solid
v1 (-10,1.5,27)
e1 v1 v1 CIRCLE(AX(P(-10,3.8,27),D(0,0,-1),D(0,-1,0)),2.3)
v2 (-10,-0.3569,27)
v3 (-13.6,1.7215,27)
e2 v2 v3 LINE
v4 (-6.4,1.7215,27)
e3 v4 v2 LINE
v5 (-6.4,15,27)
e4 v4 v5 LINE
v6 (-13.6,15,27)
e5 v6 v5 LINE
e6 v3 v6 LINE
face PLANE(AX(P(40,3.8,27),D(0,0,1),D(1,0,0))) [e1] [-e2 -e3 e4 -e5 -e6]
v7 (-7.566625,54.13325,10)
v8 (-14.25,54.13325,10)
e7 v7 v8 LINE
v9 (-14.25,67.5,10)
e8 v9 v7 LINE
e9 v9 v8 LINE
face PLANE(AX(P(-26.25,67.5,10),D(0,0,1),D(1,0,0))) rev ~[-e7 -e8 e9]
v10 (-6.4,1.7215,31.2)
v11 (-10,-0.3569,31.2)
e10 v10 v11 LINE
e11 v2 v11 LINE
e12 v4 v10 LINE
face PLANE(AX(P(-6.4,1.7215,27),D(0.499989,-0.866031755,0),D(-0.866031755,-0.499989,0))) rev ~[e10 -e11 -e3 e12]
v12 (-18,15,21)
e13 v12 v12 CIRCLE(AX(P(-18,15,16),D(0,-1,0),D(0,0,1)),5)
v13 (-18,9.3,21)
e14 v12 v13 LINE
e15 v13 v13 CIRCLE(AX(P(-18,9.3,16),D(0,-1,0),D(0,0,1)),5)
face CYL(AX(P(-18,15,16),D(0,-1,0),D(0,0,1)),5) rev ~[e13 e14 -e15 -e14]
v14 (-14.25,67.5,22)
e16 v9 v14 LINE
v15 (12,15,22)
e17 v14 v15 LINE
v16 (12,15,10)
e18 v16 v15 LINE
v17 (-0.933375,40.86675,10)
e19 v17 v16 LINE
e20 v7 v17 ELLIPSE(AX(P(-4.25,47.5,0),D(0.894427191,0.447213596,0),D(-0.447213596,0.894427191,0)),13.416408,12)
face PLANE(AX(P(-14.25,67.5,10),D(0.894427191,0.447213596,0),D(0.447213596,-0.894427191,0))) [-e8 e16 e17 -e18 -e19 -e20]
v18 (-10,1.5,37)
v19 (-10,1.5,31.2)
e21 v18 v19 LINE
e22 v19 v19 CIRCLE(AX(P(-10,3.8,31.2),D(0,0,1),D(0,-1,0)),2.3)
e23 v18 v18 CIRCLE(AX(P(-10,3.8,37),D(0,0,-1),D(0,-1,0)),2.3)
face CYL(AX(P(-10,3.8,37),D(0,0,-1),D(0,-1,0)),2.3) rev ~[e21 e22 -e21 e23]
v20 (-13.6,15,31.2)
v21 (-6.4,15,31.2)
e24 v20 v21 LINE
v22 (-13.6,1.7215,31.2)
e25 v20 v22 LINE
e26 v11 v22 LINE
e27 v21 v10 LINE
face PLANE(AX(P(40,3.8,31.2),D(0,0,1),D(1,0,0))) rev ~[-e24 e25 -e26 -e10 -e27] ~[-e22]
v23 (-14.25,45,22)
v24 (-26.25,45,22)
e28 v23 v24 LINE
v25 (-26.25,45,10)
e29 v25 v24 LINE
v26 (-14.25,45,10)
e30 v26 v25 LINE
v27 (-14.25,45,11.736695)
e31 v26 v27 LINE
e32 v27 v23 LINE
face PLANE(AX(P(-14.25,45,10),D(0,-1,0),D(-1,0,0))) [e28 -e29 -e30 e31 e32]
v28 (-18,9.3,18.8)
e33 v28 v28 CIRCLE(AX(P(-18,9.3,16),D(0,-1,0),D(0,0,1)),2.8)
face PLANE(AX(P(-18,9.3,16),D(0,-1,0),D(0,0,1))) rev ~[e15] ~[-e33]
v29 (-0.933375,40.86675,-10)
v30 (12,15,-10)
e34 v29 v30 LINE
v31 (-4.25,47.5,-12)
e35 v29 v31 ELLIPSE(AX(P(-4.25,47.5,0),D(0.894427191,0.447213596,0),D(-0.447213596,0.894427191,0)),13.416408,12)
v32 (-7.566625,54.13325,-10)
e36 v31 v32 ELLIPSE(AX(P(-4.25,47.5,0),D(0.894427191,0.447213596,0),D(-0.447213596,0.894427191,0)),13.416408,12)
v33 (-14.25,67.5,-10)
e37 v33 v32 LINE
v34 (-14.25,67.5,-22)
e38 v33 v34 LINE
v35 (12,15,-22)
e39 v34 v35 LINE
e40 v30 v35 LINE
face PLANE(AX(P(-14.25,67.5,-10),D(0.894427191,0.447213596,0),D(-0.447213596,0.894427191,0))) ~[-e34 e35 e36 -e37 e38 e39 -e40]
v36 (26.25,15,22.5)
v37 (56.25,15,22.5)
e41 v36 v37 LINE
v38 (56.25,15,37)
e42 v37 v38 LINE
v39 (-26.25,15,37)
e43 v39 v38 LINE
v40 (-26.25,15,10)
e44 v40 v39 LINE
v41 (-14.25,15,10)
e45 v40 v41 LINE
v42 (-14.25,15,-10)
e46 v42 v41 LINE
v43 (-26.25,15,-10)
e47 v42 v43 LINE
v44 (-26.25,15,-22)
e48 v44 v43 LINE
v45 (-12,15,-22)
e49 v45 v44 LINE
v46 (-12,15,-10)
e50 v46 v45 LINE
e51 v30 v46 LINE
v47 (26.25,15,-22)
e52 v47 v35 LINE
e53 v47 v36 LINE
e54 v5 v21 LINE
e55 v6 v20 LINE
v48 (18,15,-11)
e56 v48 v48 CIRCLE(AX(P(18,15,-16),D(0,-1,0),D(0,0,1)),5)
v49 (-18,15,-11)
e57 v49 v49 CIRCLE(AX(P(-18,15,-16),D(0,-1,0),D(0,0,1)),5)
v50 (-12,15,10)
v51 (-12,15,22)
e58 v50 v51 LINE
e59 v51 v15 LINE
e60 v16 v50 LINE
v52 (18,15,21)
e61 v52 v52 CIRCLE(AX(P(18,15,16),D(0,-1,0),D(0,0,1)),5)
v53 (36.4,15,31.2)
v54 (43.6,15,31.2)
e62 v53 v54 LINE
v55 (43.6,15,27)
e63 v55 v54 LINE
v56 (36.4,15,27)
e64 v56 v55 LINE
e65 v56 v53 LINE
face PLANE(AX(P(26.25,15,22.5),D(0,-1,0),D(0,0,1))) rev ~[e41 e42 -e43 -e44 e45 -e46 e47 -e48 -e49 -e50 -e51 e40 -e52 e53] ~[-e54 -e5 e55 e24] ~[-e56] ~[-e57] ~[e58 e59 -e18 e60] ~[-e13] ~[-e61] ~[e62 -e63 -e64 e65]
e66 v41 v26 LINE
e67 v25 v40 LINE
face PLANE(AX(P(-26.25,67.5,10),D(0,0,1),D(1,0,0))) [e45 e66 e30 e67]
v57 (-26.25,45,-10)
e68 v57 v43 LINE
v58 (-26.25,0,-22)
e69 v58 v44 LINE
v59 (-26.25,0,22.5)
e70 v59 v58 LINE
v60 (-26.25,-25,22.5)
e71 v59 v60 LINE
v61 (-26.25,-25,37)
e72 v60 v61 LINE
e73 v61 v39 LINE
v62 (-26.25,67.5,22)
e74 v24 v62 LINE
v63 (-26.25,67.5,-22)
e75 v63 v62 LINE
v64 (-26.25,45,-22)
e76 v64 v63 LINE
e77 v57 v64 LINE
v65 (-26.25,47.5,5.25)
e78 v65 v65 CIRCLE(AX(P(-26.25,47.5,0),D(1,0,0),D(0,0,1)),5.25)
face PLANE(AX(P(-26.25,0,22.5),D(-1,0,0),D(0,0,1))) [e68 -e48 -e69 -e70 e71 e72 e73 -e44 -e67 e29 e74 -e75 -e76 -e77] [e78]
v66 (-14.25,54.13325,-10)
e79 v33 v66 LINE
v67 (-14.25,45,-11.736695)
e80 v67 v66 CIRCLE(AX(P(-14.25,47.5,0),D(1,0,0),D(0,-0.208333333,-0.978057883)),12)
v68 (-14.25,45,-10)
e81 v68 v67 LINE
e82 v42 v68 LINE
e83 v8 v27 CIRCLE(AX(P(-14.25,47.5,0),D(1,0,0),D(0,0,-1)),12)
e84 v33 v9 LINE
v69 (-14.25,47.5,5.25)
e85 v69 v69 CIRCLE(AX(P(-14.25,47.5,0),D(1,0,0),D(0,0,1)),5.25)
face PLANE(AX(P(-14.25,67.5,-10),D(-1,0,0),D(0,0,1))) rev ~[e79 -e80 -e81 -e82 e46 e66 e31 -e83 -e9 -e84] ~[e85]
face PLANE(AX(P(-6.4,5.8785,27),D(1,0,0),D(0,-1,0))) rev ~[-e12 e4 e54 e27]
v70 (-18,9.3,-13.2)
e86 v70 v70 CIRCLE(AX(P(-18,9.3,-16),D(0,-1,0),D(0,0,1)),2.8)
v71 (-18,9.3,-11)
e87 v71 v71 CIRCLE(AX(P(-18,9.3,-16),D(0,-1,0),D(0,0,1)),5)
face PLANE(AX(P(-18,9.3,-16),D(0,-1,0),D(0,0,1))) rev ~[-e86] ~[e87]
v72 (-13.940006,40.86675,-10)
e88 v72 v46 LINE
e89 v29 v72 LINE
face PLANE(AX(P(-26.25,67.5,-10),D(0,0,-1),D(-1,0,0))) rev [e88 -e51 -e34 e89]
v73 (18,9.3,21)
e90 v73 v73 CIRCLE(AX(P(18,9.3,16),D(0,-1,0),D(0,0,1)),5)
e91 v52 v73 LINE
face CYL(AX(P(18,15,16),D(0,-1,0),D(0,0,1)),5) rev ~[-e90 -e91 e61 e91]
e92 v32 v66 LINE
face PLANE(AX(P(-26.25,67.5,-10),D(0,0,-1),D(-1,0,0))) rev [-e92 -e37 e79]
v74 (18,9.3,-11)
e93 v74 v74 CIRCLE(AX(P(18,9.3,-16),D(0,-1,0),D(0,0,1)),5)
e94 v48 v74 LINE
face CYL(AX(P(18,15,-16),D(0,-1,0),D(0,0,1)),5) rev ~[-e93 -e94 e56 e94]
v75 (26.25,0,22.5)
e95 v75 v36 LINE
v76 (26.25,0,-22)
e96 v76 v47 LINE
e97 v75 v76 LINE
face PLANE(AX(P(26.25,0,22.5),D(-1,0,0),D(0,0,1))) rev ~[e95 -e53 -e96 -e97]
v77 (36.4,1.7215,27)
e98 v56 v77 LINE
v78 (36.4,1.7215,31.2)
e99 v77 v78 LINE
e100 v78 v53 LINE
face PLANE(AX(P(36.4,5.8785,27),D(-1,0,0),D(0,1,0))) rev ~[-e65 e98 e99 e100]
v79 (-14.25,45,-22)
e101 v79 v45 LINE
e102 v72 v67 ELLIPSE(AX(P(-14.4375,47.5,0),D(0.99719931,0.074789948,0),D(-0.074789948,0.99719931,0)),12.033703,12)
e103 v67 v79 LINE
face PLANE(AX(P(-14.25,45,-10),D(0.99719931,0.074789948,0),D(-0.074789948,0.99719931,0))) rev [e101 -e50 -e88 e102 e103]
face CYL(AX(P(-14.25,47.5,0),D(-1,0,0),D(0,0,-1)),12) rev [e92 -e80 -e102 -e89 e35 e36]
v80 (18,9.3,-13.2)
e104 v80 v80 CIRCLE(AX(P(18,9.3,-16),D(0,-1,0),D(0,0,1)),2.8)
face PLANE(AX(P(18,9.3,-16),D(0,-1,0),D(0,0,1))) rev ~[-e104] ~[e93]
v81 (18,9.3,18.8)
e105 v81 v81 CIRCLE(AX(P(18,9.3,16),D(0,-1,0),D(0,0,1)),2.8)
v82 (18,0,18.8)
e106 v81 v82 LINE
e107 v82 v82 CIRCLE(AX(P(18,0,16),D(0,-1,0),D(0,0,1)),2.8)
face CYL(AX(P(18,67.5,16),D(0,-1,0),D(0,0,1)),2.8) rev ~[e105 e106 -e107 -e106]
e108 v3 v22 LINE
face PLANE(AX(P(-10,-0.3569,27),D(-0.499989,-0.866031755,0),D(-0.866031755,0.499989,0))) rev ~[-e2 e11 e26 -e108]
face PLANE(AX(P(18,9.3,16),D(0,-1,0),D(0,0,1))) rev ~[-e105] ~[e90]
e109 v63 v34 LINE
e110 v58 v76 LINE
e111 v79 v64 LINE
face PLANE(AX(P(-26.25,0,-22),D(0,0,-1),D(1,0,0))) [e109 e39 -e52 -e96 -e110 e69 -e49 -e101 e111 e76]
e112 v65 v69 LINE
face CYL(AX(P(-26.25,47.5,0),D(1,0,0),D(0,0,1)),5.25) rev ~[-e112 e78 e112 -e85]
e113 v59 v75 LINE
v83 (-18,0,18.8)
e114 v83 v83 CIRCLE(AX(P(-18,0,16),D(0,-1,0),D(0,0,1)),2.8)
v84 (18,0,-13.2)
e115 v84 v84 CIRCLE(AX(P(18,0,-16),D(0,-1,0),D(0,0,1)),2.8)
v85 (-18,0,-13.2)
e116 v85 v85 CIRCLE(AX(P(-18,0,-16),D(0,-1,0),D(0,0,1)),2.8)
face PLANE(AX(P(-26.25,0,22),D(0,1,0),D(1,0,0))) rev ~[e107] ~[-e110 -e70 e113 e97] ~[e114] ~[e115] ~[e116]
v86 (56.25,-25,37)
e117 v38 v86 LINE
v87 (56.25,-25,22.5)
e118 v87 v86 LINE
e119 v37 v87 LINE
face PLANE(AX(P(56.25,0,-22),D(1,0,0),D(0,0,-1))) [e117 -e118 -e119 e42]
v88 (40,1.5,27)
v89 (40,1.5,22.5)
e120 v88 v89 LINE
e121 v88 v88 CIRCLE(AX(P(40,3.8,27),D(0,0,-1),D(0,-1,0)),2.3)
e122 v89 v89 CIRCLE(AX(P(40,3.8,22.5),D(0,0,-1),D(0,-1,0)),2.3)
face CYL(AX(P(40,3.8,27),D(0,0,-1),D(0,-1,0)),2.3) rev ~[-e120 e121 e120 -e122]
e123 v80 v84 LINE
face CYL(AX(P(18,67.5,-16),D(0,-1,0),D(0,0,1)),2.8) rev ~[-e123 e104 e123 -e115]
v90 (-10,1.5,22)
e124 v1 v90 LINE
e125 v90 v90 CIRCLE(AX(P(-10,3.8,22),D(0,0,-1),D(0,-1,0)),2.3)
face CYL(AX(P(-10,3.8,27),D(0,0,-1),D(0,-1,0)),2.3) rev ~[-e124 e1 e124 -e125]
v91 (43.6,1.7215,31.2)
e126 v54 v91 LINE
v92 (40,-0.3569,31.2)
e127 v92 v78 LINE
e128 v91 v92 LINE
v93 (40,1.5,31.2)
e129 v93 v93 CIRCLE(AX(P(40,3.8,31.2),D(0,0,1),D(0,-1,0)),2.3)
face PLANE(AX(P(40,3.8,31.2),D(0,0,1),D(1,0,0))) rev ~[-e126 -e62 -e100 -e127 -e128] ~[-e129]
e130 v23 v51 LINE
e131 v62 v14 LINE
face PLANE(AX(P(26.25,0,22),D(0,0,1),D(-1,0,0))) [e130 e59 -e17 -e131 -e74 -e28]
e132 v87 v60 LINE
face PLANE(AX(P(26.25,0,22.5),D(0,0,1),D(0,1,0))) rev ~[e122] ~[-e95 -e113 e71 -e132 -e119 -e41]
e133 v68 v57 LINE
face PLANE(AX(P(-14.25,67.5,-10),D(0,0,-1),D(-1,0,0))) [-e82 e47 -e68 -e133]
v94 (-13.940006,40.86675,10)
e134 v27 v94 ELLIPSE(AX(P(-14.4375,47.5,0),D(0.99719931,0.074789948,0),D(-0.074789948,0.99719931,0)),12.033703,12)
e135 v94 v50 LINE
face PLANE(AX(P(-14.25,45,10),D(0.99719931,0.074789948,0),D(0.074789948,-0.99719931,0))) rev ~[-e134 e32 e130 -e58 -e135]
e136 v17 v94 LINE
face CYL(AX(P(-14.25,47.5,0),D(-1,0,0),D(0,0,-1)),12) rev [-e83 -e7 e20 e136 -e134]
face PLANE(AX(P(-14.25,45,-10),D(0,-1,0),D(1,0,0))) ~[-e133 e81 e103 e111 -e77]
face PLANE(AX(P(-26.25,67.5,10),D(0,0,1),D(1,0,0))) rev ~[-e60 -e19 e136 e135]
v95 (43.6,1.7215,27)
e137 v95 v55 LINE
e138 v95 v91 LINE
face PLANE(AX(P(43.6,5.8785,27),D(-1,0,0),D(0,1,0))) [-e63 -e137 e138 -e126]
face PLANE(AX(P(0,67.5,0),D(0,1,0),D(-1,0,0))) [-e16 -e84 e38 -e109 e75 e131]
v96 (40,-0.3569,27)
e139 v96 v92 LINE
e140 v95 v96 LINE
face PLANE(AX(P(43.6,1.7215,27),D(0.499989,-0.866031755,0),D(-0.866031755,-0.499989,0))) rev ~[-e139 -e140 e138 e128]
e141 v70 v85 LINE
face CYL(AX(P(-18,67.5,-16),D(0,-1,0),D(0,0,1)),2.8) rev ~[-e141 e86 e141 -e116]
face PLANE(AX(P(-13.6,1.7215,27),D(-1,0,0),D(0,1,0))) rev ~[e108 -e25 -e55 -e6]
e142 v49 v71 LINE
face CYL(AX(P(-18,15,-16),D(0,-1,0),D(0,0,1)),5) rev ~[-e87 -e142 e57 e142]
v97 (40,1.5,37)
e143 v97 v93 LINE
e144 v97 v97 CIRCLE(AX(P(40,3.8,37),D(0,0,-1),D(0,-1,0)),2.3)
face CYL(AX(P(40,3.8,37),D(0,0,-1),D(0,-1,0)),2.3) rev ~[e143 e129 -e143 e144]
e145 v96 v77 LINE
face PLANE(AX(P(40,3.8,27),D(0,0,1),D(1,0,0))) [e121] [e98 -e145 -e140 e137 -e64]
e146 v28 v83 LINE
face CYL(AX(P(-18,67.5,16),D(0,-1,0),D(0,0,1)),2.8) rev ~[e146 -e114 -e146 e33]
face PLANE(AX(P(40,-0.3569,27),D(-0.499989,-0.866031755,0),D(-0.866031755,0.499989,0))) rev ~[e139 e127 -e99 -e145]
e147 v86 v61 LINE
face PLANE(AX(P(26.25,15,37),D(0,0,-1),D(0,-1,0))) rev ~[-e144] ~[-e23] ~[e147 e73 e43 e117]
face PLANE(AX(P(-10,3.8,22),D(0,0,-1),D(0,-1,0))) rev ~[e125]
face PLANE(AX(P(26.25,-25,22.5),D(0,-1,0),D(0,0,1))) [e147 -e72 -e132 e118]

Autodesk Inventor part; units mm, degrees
ref_plane "YZ Plane" through (0, 0, 0) normal (1, 0, 0) x (0, 1, 0)
ref_plane "XZ Plane" through (0, 0, 0) normal (0, 1, 0) x (-1, 0, 0)
ref_plane "XY Plane" through (0, 0, 0) normal (0, 0, 1) x (1, 0, 0)
sketch "Sketch1" plane through (0, 0, 0) normal (0, 1, 0) x (-1, 0, 0)
  line L0 (-26.25, 22) -> (26.25, 22)
  line L1 (26.25, 22) -> (26.25, -22)
  line L2 (26.25, -22) -> (-26.25, -22)
  line L3 (-26.25, -22) -> (-26.25, 22)
  line L4 (-26.25, 22) -> (26.25, -22) construction
  line L5 (26.25, 22) -> (-26.25, -22) construction
  point P0 (0, 0)
  dimension "d0" = 44
  dimension "d1" = 52.5
extrude "Extrusion1" add sketch "Sketch1" along normal blind 67.5
sketch "Sketch2" plane through (0, 67.5, 0) normal (0, 1, 0) x (1, 0, 0)
  line L0 (18, -16) -> (-18, -16) construction
  line L1 (-18, -16) -> (-18, 16) construction
  line L2 (-18, 16) -> (18, 16) construction
  line L3 (18, 16) -> (18, -16) construction
  line L4 (18, -16) -> (-18, 16) construction
  line L5 (-18, -16) -> (18, 16) construction
  point P0 (0, 0)
  point P1 (-18, 16)
  dimension "d4" = 32
  dimension "d5" = 36
hole "Hole1" at (-18, 67.5, -16) at (-18, 67.5, 16) at (18, 67.5, 16) at (18, 67.5, -16) direction (0, -1, 0) diameter 5.6 end through all
sketch "Sketch3" plane through (-26.25, 0, -22) normal (-1, 0, 0) x (0, 0, 1)
  line L0 (0, 0) -> (44, 0) projected
  line L1 (44, 0) -> (44, 67.5) projected
  line L2 (0, 67.5) -> (44, 67.5) projected
  line L3 (0, 0) -> (0, 67.5) projected
  point P0 (22, 0)
  point P1 (22, 47.5)
  point P2 (22, 0)
  dimension "d13" = 47.5
hole "Hole2" at (-26.25, 47.5, 0) direction (1, 0, 0) diameter 10.5 end through all
sketch "Sketch4" plane through (0, 67.5, 0) normal (0, 1, 0) x (1, 0, 0)
  circle A0 centre (18, 16) radius 2.8 projected
  circle A1 centre (18, -16) radius 2.8 projected
  circle A2 centre (-18, -16) radius 2.8 projected
  circle A3 centre (-18, 16) radius 2.8 projected
  line L0 (26.25, 22) -> (-26.25, 22) projected
  line L1 (-26.25, 22) -> (-26.25, -22) projected
  line L2 (-26.25, -22) -> (26.25, -22) projected
  line L3 (26.25, -22) -> (26.25, 22) projected
  line L4 (26.25, 22) -> (-14.25, 22)
  line L5 (-14.25, 22) -> (-14.25, -22)
  line L6 (-14.25, -22) -> (26.25, -22)
  line L7 (26.25, -22) -> (26.25, 22)
  line L8 (-26.25, 22) -> (-14.25, 22)
  line L9 (-14.25, 22) -> (-14.25, 10)
  line L10 (-14.25, 10) -> (-26.25, 10)
  line L11 (-26.25, 10) -> (-26.25, 22)
  line L12 (-14.25, -22) -> (-26.25, -22)
  line L13 (-26.25, -22) -> (-26.25, -10)
  line L14 (-26.25, -10) -> (-14.25, -10)
  line L15 (-14.25, -10) -> (-14.25, -22)
  point P0 (0, 0)
  dimension "d21" = 12
  dimension "d22" = 6
  dimension "d23" = 6
  dimension "d24" = 6
extrude "Extrusion2" cut sketch "Sketch4" against normal blind 52.5 contours L3 L2 L5 L0 | L5 L10 L1 L0 | L2 L1 L14 L5
sketch "Sketch5" plane through (-26.25, 67.5, 10) normal (0, 0, 1) x (1, 0, 0)
  line L0 (0, 0) -> (12, 0) projected
  line L1 (0, -52.5) -> (0, 0) projected
  line L2 (0, -52.5) -> (12, -52.5) projected
  line L3 (12, 0) -> (12, -52.5) projected
  line L4 (52.5, -52.5) -> (0, -52.5) projected
  line L5 (11.05, -52.5) -> (5.45, -52.5) projected
  line L6 (8.25, -52.5) -> (8.25, 0) construction
  line L7 (12, -22.5) -> (14.25, -52.5)
  line L8 (12, 0) -> (38.25, -52.5)
  line L9 (47.05, -52.5) -> (41.45, -52.5) projected
  line L10 (44.25, -52.5) -> (44.25, -22.1018) construction
  line L11 (12, -22.5) -> (0, -22.5)
  line L12 (0, -22.5) -> (0, 0)
  line L13 (0, 0) -> (12, 0)
  line L14 (38.25, -52.5) -> (14.25, -52.5)
  point P0 (26.25, -67.5)
  dimension "d27" = 30
  dimension "d28" = 36
  dimension "d29" = 6
  dimension "d30" = 6
extrude "Extrusion3" add sketch "Sketch5" along normal up to surface (12 mm away) contours L0 L3 L11 L1 | L8 L4 L7 L3
sketch "Sketch6" plane through (0, 15, 0) normal (0, 1, 0) x (1, 0, 0)
  circle A0 centre (-18, -16) radius 2.8 projected
  circle A1 centre (18, -16) radius 2.8 projected
  circle A2 centre (18, 16) radius 2.8 projected
  circle A3 centre (-18, 16) radius 2.8 projected
  circle A4 centre (-18, 16) radius 2.8 projected
  point P0 (0, 0)
hole "Hole3" at (-18, 15, 16) at (18, 15, -16) at (-18, 15, -16) at (18, 15, 16) direction (0, -1, 0) diameter 5.5 end through all counterbore diameter 10 counterbore depth 5.7 clearance for "Socket Head Cap Screw ISO 4762" size "M5" standard "ISO"
mirror "Mirror1" about plane through (0, 0, 0) normal (0, 0, 1) of "Extrusion3"
sketch "Sketch7" plane through (-14.25, 15, 10) normal (1, 0, 0) x (0, 0, -1)
  circle A0 centre (10, 32.5) radius 5.25 projected
  circle A1 centre (10, 32.5) radius 12
  point P0 (10, -15)
  dimension "d40" = 24
extrude "Extrusion4" cut sketch "Sketch7" along normal through all contours A0 | A1
sketch "Sketch8" plane through (-26.25, 0, 22) normal (0, 0, 1) x (1, 0, 0)
  line L0 (52.5, 15) -> (38.25, 15) projected
  line L1 (12, 67.5) -> (38.25, 15) projected
  line L2 (0, 67.5) -> (12, 67.5) projected
  line L3 (0, 45) -> (0, 67.5) projected
  line L4 (12, 45) -> (0, 45) projected
  line L5 (14.25, 15) -> (12, 45) projected
  line L6 (14.25, 15) -> (0, 15) projected
  line L7 (0, 0) -> (0, 15) projected
  line L8 (0, 0) -> (52.5, 0) projected
  line L9 (52.5, 0) -> (52.5, 15) projected
  line L10 (14.25, 15) -> (38.25, 15)
  point P0 (26.25, 0)
extrude "Extrusion5" add sketch "Sketch8" along normal blind 15 contours L9 L8 L7 L6 L10 L0
sketch "Sketch9" plane through (0, 0, 0) normal (0, -1, 0) x (1, 0, 0)
  circle A0 centre (18, -16) radius 2.8 projected
  circle A1 centre (18, 16) radius 2.8 projected
  circle A2 centre (-18, 16) radius 2.8 projected
  circle A3 centre (-18, -16) radius 2.8 projected
  line L0 (26.25, -22) -> (-26.25, -22) projected
  line L1 (26.25, -22) -> (26.25, 37) projected
  line L2 (-26.25, 37) -> (26.25, 37) projected
  line L3 (-26.25, -22) -> (-26.25, 37) projected
  line L4 (-26.25, 22.5) -> (27.0192, 22.5)
  point P0 (0, 0)
  point P1 (26.25, 22.5)
  dimension "d45" = 14.5
extrude "Extrusion6" add sketch "Sketch9" along normal blind 25 contours L4 L3 L2 L1
sketch "Sketch10" plane through (26.25, 0, -22) normal (1, 0, 0) x (0, 0, -1)
  line L0 (0, 15) -> (-59, 15) projected
  line L1 (-59, 15) -> (-59, -25) projected
  line L2 (-44.5, -25) -> (-59, -25) projected
  line L3 (-44.5, 0) -> (-44.5, -25) projected
  line L4 (0, 0) -> (-44.5, 0) projected
  line L5 (0, 0) -> (0, 15) projected
  line L6 (-44.5, 0) -> (-44.5, 15)
  point P0 (-22, 0)
extrude "Extrusion7" add sketch "Sketch10" along normal blind 30 contours L6 L3 L2 L1 L0
sketch "Sketch11" plane through (-26.25, 0, 37) normal (0, 0, 1) x (1, 0, 0)
  line L0 (0, 15) -> (0, -25) projected
  line L1 (0, -25) -> (82.5, -25) projected
  line L2 (82.5, 15) -> (82.5, -25) projected
  line L3 (0, 15) -> (82.5, 15) projected
  line L4 (0, 15) -> (82.5, -25) construction
  line L5 (82.5, 15) -> (0, -25) construction
  line L6 (-31.1297, -30) -> (116.2871, -30) construction
  point P0 (26.25, 0)
  point P1 (16.25, 3.8)
  point P2 (66.25, 3.8)
  point P3 (41.25, -5)
  dimension "d50" = 50
  dimension "d51" = 25
  dimension "d52" = 5
  dimension "d53" = 33.8
hole "Hole4" at (-10, 3.8, 37) at (40, 3.8, 37) direction (0, 0, -1) diameter 4.6 depth 10
sketch "Sketch12" plane through (40, 3.8, 27) normal (0, 0, 1) x (1, 0, 0)
  circle A0 centre (0, 0) radius 2.3 projected
  circle A1 centre (-50, 0) radius 2.3 projected
  line L0 (-46.4, 2.0785) -> (-46.4, -2.0785)
  line L1 (-46.4, -2.0785) -> (-50, -4.1569)
  line L2 (-50, -4.1569) -> (-53.6, -2.0785)
  line L3 (-53.6, -2.0785) -> (-53.6, 2.0785)
  line L4 (-53.6, 2.0785) -> (-50, 4.1569)
  line L5 (-50, 4.1569) -> (-46.4, 2.0785)
  line L6 (0, 4.1569) -> (3.6, 2.0785)
  line L7 (3.6, 2.0785) -> (3.6, -2.0785)
  line L8 (3.6, -2.0785) -> (0, -4.1569)
  line L9 (0, -4.1569) -> (-3.6, -2.0785)
  line L10 (-3.6, -2.0785) -> (-3.6, 2.0785)
  line L11 (-3.6, 2.0785) -> (0, 4.1569)
  line L12 (-66.25, 11.2) -> (16.25, 11.2) projected
  line L13 (-53.6, 2.0785) -> (-53.6, 11.2)
  line L14 (-46.4, 2.0785) -> (-46.4, 11.2)
  line L15 (-3.6, 2.0785) -> (-3.6, 11.2)
  line L16 (3.6, 2.0785) -> (3.6, 11.2)
  point P0 (-40, -3.8)
  point P1 (-50, 0)
  dimension "d61" = 7.2
extrude "Extrusion8" cut sketch "Sketch12" along normal blind 4.2
sketch "Sketch13" plane through (-13.6, 1.7215, 27) normal (0, 0, 1) x (1, 0, 0)
  circle A0 centre (3.6, 2.0785) radius 2.3 projected
  circle A1 centre (3.6, 2.0785) radius 2.3 projected
  circle A2 centre (53.6, 2.0785) radius 2.3 projected
  circle A3 centre (53.6, 2.0785) radius 2.3 projected
  point P0 (13.6, -1.7215)
hole "Hole5" at (-10, 3.8, 27) at (40, 3.8, 27) direction (0, 0, -1) diameter 4.6 depth 5
equation "\"d23\" = d22"
equation "\"d24\" = d23"
equation "\"d30\" = d29"
equation "\"d51\" = 0.5 * d50"
properties part number "Part1_3DPrint"
